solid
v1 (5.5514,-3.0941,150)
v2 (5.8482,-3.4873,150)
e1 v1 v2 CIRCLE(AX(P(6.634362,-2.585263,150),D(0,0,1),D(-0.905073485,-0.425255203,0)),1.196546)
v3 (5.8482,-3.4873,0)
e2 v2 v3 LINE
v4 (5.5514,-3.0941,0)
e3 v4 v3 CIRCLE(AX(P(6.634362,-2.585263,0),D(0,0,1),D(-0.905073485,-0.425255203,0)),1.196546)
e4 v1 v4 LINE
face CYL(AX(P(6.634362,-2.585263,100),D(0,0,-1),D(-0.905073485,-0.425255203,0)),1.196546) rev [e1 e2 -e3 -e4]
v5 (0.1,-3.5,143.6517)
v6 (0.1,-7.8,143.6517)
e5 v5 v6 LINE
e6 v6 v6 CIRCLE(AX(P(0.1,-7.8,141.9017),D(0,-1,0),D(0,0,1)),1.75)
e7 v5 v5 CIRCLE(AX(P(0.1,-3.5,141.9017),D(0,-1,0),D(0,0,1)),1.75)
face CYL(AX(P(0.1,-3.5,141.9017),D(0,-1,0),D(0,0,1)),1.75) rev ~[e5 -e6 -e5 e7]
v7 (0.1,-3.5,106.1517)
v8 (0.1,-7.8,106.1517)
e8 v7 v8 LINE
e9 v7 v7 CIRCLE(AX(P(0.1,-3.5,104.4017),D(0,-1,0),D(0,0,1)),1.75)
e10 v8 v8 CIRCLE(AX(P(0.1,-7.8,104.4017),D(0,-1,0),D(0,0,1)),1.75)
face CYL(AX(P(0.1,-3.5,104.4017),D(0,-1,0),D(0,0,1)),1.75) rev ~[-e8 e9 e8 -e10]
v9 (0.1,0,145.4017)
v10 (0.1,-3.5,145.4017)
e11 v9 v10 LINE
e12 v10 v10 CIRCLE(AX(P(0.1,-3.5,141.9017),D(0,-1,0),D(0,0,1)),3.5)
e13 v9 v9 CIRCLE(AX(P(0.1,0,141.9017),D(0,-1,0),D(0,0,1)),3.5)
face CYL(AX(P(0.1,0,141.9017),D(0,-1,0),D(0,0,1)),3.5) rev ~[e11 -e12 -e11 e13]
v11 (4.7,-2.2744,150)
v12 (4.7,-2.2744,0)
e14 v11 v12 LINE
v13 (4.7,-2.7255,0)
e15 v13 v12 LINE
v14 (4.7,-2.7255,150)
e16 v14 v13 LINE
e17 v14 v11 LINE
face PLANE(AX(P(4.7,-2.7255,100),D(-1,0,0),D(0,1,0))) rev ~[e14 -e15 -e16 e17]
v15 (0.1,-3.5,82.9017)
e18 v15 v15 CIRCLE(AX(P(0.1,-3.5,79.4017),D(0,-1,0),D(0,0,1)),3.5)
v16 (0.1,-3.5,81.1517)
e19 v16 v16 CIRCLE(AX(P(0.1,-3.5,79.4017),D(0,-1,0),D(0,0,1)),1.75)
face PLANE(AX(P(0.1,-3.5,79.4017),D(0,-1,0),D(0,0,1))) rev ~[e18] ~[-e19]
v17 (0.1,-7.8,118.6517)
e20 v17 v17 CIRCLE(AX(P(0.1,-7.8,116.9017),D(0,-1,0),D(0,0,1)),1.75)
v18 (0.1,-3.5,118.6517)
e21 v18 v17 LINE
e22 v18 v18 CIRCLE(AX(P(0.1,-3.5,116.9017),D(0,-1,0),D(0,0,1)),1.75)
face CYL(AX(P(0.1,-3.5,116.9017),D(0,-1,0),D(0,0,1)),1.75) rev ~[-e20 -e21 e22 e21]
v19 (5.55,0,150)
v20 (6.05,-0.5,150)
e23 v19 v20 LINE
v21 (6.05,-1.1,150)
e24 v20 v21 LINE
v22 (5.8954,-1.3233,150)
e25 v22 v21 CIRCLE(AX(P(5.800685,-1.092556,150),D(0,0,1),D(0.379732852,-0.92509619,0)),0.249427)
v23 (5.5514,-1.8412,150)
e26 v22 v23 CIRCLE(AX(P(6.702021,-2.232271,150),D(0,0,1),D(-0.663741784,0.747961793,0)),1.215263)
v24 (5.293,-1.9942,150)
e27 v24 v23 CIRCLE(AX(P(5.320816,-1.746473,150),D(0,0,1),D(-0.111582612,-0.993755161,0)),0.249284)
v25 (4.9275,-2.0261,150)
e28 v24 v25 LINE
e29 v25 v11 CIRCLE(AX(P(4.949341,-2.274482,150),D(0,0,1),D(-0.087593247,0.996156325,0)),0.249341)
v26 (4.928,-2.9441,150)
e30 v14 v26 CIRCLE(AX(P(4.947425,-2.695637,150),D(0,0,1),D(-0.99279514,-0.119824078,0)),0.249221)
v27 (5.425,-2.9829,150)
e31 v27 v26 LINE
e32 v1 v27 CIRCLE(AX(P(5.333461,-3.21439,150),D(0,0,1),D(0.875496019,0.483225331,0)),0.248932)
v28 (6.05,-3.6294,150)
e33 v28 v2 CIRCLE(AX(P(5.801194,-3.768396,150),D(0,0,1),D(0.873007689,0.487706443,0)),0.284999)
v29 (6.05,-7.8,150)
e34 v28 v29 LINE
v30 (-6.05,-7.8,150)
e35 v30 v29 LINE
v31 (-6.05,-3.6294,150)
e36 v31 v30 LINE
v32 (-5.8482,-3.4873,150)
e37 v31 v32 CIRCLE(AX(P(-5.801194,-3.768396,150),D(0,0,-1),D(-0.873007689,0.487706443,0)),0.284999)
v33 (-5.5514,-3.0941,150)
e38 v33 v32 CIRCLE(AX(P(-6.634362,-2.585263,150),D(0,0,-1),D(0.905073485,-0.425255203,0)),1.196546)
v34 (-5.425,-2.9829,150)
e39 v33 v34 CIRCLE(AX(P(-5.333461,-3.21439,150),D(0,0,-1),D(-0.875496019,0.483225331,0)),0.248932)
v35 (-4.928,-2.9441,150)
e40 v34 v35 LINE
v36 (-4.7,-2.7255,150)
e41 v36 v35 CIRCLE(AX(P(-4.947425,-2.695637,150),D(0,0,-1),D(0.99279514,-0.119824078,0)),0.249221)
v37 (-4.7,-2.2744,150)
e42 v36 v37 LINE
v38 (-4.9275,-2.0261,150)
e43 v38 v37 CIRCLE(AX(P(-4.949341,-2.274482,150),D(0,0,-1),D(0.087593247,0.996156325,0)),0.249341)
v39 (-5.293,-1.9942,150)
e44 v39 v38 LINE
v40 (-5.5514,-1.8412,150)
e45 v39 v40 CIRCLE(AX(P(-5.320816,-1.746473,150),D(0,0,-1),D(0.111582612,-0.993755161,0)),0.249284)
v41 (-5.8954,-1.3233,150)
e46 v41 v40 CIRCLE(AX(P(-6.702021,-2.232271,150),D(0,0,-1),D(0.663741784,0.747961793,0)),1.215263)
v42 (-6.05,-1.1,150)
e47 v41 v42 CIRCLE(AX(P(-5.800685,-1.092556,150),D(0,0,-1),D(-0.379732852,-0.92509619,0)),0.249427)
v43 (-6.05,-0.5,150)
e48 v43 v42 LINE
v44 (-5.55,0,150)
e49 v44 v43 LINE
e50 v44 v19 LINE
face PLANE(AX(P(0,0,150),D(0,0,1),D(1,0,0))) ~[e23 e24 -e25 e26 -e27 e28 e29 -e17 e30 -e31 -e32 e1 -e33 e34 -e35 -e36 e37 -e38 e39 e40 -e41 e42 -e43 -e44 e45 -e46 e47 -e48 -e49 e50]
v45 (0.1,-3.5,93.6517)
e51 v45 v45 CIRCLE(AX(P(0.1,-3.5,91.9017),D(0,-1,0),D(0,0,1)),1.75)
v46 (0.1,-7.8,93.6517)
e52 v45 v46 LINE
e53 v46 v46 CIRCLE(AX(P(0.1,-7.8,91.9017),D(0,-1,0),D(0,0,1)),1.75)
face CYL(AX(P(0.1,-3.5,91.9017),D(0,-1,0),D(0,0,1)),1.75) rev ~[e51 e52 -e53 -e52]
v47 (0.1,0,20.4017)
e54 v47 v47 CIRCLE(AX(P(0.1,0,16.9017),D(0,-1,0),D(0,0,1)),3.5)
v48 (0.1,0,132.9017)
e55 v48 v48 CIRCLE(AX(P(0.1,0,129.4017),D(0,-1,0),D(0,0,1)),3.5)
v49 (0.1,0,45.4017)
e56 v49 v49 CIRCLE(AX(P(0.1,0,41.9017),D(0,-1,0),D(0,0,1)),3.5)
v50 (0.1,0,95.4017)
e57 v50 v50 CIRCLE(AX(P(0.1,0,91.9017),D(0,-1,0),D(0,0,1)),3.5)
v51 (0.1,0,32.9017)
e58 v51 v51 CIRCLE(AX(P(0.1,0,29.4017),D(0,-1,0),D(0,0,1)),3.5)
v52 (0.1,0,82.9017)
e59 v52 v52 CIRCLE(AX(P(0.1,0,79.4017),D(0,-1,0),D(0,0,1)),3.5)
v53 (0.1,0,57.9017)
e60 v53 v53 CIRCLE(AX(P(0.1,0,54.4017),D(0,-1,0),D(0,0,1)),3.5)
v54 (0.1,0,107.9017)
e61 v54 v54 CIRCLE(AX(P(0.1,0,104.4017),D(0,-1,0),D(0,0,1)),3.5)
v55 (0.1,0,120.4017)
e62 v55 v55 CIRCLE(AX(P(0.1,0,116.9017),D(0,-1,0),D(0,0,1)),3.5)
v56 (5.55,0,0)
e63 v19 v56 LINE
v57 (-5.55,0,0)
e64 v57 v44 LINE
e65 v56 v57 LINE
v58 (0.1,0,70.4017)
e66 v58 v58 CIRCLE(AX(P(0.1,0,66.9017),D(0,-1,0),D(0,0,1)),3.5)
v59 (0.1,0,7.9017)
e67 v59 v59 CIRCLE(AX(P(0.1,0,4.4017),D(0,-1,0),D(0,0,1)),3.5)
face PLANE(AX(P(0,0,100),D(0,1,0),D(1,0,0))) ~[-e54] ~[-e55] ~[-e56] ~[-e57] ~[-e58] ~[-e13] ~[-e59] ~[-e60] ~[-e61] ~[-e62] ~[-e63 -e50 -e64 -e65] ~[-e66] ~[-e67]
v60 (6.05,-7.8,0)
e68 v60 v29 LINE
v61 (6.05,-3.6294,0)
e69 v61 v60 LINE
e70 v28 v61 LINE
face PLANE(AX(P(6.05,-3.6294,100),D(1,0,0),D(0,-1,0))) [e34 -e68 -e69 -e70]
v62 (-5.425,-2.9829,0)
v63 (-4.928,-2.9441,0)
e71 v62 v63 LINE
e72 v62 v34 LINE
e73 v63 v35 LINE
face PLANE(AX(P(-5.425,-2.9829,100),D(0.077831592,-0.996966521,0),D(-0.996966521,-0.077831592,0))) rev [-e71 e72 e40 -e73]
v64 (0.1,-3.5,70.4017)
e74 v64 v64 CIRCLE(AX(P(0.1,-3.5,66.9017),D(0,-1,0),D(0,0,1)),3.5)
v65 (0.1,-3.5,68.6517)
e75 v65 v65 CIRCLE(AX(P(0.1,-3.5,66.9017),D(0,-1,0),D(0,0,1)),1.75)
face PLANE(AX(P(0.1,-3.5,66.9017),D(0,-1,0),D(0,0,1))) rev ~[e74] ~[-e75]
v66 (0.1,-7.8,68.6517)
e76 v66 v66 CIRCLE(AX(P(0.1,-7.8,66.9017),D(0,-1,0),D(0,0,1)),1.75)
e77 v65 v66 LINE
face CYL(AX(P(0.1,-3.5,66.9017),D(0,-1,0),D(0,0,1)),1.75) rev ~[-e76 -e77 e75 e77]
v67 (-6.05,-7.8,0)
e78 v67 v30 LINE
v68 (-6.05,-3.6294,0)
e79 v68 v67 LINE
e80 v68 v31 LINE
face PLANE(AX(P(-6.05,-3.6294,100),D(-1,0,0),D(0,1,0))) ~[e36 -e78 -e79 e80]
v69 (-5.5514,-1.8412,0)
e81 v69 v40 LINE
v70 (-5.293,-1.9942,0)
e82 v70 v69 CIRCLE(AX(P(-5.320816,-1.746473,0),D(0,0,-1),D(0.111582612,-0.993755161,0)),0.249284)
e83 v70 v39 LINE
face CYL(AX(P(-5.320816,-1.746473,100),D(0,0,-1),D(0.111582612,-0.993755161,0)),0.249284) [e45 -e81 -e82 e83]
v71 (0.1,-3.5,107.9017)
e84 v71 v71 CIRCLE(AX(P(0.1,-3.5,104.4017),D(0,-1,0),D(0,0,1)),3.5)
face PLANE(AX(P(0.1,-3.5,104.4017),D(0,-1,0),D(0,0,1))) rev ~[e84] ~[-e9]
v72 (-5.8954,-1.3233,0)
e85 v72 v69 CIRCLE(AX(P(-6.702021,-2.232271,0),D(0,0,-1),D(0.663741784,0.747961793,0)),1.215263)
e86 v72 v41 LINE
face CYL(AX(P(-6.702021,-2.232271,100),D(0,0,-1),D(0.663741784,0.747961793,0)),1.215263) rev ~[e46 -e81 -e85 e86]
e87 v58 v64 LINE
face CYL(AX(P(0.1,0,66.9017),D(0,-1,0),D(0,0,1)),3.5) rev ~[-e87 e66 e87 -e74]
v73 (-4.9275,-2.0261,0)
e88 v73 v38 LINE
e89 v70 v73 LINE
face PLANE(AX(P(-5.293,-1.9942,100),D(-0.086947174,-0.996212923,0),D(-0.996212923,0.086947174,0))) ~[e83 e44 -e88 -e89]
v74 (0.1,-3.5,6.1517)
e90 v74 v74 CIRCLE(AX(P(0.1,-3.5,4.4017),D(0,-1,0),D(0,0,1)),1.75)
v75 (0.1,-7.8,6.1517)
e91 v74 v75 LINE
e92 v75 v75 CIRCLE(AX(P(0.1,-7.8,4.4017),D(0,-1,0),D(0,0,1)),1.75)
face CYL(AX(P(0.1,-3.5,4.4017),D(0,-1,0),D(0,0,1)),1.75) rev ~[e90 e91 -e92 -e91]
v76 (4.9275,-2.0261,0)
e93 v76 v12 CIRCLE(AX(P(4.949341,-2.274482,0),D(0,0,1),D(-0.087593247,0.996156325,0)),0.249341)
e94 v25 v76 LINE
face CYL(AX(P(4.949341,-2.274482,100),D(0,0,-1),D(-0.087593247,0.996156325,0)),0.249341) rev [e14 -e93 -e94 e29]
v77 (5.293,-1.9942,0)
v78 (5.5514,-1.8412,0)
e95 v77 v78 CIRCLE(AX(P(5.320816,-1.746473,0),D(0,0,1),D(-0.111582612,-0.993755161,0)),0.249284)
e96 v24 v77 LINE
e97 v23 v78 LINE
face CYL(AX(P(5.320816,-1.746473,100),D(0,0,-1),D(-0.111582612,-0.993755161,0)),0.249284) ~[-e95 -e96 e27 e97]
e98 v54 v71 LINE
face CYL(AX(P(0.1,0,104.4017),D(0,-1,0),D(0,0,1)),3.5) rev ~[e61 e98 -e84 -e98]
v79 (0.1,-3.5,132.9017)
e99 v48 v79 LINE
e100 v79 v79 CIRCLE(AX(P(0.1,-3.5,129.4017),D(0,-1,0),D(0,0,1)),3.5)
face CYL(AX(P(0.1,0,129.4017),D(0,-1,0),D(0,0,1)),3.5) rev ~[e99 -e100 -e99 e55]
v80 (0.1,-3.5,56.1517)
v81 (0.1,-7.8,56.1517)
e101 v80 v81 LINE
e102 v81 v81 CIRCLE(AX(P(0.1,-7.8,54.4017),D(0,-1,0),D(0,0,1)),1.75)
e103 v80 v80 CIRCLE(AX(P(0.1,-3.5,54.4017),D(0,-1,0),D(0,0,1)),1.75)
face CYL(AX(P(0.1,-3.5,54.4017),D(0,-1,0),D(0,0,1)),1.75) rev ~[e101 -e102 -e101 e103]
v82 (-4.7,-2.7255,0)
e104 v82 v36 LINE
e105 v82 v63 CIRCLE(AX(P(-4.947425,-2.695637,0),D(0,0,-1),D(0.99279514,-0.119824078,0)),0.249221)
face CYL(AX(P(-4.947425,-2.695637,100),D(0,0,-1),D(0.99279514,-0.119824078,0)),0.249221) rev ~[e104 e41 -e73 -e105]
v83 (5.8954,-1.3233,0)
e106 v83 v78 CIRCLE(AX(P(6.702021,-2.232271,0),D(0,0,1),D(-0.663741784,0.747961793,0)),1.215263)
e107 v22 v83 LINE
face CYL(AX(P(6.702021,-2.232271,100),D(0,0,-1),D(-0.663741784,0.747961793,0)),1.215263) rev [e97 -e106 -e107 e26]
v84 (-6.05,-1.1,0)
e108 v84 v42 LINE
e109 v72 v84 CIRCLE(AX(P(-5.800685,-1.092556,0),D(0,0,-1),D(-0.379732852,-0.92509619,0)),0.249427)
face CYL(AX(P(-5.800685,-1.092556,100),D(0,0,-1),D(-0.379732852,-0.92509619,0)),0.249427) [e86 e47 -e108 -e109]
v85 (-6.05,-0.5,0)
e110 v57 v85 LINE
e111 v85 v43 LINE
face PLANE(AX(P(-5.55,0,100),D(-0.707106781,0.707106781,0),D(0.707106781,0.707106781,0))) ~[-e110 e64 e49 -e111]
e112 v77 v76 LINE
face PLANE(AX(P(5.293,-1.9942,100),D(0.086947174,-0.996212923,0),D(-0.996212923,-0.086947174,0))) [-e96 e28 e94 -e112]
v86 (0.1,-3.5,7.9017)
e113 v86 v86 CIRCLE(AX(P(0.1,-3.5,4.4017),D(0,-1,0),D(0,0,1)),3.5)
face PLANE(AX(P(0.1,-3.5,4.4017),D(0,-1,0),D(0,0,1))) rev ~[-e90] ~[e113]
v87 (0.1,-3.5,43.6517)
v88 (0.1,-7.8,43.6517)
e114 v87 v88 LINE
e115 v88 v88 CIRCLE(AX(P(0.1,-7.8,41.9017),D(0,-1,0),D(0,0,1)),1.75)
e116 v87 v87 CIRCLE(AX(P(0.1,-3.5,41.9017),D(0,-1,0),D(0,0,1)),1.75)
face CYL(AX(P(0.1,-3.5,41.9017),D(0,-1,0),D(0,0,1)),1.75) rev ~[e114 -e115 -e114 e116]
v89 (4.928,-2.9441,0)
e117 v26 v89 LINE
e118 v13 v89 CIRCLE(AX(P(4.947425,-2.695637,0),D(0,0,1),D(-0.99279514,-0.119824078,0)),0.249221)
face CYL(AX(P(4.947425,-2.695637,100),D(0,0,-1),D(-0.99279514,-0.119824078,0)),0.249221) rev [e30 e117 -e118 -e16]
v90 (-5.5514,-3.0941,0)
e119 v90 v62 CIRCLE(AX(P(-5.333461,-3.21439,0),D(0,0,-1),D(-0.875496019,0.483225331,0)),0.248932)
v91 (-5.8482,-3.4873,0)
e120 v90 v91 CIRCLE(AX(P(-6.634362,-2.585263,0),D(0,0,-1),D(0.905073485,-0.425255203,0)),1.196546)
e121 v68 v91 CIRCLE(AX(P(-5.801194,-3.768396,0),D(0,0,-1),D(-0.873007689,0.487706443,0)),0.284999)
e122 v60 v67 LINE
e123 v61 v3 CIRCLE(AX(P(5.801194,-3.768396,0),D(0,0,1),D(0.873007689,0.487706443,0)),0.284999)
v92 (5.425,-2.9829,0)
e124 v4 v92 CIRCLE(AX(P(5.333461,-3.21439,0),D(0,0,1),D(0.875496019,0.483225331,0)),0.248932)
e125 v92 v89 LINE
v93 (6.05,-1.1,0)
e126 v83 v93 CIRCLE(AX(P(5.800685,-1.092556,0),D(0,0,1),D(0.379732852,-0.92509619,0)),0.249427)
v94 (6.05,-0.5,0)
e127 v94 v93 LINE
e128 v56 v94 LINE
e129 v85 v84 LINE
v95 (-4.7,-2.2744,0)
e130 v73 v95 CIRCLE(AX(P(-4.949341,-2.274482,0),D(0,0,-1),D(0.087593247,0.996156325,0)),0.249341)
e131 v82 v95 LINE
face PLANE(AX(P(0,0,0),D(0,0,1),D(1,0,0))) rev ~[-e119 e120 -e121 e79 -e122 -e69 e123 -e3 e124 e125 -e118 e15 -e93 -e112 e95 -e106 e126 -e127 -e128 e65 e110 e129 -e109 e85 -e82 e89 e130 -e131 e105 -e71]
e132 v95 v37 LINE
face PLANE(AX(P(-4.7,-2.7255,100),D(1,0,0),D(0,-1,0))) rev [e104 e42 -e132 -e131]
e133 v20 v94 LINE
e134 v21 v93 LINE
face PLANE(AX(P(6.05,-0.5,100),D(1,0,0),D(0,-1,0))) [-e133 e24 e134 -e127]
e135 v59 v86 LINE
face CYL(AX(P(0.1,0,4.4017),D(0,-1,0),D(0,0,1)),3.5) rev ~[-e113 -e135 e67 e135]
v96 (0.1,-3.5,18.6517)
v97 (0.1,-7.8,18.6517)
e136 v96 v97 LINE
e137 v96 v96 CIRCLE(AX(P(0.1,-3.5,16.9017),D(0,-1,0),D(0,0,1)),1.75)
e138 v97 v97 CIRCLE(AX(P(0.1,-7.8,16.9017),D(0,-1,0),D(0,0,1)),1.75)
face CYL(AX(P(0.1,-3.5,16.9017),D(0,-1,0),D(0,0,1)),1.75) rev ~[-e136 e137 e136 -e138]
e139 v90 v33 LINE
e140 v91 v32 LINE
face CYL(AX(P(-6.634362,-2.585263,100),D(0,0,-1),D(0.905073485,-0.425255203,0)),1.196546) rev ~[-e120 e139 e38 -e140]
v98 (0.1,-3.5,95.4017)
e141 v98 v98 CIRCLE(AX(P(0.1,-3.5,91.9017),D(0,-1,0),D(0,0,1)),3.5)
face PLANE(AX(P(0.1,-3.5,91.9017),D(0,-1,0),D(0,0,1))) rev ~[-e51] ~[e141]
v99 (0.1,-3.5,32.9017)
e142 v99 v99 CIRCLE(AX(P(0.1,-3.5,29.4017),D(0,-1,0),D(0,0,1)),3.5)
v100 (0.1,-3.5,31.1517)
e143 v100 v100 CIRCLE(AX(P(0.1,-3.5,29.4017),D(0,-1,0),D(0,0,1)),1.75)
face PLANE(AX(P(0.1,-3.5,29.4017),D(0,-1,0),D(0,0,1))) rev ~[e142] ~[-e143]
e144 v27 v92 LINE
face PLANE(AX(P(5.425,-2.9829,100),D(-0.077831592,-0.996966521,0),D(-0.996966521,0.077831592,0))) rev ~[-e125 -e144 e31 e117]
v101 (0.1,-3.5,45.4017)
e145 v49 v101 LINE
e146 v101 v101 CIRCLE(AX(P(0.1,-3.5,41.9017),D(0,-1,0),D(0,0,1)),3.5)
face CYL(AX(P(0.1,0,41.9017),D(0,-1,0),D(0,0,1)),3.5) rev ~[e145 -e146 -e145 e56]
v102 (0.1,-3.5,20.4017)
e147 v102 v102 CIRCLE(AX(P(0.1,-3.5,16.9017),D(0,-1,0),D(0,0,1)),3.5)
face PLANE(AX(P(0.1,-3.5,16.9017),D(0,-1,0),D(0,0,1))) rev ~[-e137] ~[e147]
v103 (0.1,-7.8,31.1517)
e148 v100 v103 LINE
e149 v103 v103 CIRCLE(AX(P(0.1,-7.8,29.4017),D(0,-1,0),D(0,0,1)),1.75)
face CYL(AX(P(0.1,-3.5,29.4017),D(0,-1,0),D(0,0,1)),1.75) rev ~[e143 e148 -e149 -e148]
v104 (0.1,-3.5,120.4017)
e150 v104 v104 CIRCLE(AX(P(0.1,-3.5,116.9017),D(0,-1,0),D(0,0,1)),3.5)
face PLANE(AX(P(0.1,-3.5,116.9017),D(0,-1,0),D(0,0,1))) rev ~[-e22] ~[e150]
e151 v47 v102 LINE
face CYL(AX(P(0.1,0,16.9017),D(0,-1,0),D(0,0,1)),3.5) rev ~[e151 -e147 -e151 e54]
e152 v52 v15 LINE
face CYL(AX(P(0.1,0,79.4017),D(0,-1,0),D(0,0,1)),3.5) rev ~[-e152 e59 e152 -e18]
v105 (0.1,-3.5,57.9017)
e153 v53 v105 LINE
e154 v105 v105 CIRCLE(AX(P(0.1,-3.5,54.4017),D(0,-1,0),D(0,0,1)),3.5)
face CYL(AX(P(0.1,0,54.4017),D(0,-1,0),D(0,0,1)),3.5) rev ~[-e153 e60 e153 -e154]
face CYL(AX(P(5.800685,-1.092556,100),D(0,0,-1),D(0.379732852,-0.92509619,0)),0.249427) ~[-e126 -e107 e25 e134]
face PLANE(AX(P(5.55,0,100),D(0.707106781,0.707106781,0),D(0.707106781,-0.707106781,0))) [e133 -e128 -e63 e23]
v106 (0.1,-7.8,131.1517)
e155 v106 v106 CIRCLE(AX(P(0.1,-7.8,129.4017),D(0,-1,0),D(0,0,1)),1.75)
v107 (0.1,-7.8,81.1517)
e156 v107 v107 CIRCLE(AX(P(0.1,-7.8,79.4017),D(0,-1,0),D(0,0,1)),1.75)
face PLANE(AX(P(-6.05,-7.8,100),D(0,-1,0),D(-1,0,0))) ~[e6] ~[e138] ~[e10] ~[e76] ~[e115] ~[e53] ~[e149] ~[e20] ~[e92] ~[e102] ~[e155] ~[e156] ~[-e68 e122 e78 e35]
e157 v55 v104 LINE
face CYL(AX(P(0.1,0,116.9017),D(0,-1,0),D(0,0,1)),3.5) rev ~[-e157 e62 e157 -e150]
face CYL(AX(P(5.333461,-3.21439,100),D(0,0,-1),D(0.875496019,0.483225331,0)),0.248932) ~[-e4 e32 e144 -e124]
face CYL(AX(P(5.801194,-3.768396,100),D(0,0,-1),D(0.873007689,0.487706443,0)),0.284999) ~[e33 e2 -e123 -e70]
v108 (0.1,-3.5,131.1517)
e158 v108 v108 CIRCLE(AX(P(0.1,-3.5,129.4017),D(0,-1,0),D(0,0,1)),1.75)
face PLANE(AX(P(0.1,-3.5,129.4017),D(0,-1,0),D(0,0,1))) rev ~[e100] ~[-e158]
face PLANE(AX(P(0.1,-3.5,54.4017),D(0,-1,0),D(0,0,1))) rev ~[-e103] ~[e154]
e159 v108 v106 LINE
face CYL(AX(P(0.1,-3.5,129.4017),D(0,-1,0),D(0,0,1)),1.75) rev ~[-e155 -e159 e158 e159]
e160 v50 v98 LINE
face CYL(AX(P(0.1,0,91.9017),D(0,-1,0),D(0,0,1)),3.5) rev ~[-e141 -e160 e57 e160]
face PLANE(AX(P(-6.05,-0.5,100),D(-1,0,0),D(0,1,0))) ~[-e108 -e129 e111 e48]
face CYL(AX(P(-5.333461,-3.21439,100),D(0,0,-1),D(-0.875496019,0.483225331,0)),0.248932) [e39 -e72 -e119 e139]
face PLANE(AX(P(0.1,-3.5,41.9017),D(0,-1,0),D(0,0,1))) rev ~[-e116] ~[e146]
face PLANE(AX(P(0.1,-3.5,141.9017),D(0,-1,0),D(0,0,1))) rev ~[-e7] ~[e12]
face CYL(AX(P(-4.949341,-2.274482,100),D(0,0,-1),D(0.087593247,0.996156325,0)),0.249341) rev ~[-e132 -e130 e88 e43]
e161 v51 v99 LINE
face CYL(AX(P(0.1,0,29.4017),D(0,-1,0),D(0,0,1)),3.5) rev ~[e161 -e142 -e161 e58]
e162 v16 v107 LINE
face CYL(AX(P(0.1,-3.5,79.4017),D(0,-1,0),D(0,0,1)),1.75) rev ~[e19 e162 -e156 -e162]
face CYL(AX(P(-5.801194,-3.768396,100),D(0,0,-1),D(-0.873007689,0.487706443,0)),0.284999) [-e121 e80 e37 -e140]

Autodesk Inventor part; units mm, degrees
ref_plane "YZ Plane" through (0, 0, 0) normal (1, 0, 0) x (0, 1, 0)
ref_plane "XZ Plane" through (0, 0, 0) normal (0, 1, 0) x (-1, 0, 0)
ref_plane "XY Plane" through (0, 0, 0) normal (0, 0, 1) x (1, 0, 0)
ref_plane "Work Plane1" through (0, 0, 0) normal (0, 0, 1) x (1, 0, 0)
sketch "Sketch1" plane through (0, 0, 0) normal (0, 0, 1) x (1, 0, 0)
  line L0 (0, 0) -> (5.55, 0)
  line L1 (6.05, -7.8) -> (0, -7.8)
  line L2 (0, -7.8) -> (0, 0)
  line L3 (5.55, 0) -> (6.05, -0.5)
  arc A0 (6.05, -3.6294) -> (5.8482, -3.4873) centre (5.8013, -3.7683) ccw
  arc A1 (5.5514, -3.0941) -> (5.8482, -3.4873) centre (6.6343, -2.5853) ccw
  arc A2 (5.5514, -3.0941) -> (5.425, -2.9829) centre (5.3332, -3.2146) ccw
  line L4 (5.425, -2.9829) -> (4.928, -2.9441)
  arc A3 (4.7, -2.7255) -> (4.928, -2.9441) centre (4.9475, -2.6956) ccw
  arc A4 (4.9275, -2.0261) -> (4.7, -2.2744) centre (4.9493, -2.2744) ccw
  arc A5 (5.293, -1.9942) -> (5.5514, -1.8412) centre (5.3208, -1.7464) ccw
  arc A6 (5.8954, -1.3233) -> (5.5514, -1.8412) centre (6.7024, -2.2326) ccw
  arc A7 (5.8954, -1.3233) -> (6.05, -1.1) centre (5.8008, -1.0927) ccw
  line L5 (5.293, -1.9942) -> (4.9275, -2.0261)
  line L6 (4.7, -2.7255) -> (4.7, -2.2744)
  line L7 (6.05, -0.5) -> (6.05, -1.1)
  line L8 (6.05, -3.6294) -> (6.05, -7.8)
  point P0 (6.05, 0)
  dimension "d0" = 0.5
  dimension "d1" = 0.5
  dimension "d17" = 6.05
  dimension "d18" = 7.8
  dimension "d20" = 2.6756
  dimension "d21" = 0.5
  dimension "d22" = 1.1
  dimension "d23" = 4.7
  dimension "d24" = 0.2275
  dimension "d25" = 0.228
  dimension "d26" = 0
  dimension "d27" = 0.2483
  dimension "d28" = 0.2186
extrude "Extrusion1" add sketch "Sketch1" along normal blind 50
mirror "Mirror1" about plane through (0, 0, 0) normal (-1, 0, 0) of "Extrusion1"
sketch "Sketch2" plane through (5.55, 0, 50) normal (0, 1, 0) x (1, 0, 0)
  line L0 (-11.1, 50) -> (0, 50) projected
  line L1 (-11.1, 50) -> (-11.1, 0) projected
  line L2 (0, 0) -> (-11.1, 0) projected
  line L3 (0, 50) -> (0, 0) projected
  point P0 (-5.55, 50)
  point P1 (-5.45, 45.5983)
hole "Hole1" at (0.1, 0, 4.4017) direction (0, -1, 0) diameter 3.5 end through all counterbore diameter 7 counterbore depth 3.5
pattern_linear "Rectangular Pattern1" count 5 spacing 12.5 along (0, 0, 1) of "Hole1"
ref_plane "Work Plane2" through (0, -7.8, 0) normal (1, 0, 0) x (0, 0, -1)
ref_plane "Arbeitsebene3" through (0, 0, 25) normal (0, 0, 1) x (1, 0, 0)
pattern_linear "Rechteckige Anordnung2" count 3 spacing 50 along (0, 0, 1) of "Extrusion1", "Mirror1", "Hole1", "Rectangular Pattern1"
ref_plane "Arbeitsebene4" through (0, 0, 75) normal (0, 0, -1) x (-1, 0, 0)
ref_plane "Arbeitsebene5" through (0, -7.8, 0) normal (-1, 0, 0) x (0, 0, 1)
equation "\"d1\" = d0"
properties part number "30_Cube_Z_Focus_MGN_NEMA_rail"
